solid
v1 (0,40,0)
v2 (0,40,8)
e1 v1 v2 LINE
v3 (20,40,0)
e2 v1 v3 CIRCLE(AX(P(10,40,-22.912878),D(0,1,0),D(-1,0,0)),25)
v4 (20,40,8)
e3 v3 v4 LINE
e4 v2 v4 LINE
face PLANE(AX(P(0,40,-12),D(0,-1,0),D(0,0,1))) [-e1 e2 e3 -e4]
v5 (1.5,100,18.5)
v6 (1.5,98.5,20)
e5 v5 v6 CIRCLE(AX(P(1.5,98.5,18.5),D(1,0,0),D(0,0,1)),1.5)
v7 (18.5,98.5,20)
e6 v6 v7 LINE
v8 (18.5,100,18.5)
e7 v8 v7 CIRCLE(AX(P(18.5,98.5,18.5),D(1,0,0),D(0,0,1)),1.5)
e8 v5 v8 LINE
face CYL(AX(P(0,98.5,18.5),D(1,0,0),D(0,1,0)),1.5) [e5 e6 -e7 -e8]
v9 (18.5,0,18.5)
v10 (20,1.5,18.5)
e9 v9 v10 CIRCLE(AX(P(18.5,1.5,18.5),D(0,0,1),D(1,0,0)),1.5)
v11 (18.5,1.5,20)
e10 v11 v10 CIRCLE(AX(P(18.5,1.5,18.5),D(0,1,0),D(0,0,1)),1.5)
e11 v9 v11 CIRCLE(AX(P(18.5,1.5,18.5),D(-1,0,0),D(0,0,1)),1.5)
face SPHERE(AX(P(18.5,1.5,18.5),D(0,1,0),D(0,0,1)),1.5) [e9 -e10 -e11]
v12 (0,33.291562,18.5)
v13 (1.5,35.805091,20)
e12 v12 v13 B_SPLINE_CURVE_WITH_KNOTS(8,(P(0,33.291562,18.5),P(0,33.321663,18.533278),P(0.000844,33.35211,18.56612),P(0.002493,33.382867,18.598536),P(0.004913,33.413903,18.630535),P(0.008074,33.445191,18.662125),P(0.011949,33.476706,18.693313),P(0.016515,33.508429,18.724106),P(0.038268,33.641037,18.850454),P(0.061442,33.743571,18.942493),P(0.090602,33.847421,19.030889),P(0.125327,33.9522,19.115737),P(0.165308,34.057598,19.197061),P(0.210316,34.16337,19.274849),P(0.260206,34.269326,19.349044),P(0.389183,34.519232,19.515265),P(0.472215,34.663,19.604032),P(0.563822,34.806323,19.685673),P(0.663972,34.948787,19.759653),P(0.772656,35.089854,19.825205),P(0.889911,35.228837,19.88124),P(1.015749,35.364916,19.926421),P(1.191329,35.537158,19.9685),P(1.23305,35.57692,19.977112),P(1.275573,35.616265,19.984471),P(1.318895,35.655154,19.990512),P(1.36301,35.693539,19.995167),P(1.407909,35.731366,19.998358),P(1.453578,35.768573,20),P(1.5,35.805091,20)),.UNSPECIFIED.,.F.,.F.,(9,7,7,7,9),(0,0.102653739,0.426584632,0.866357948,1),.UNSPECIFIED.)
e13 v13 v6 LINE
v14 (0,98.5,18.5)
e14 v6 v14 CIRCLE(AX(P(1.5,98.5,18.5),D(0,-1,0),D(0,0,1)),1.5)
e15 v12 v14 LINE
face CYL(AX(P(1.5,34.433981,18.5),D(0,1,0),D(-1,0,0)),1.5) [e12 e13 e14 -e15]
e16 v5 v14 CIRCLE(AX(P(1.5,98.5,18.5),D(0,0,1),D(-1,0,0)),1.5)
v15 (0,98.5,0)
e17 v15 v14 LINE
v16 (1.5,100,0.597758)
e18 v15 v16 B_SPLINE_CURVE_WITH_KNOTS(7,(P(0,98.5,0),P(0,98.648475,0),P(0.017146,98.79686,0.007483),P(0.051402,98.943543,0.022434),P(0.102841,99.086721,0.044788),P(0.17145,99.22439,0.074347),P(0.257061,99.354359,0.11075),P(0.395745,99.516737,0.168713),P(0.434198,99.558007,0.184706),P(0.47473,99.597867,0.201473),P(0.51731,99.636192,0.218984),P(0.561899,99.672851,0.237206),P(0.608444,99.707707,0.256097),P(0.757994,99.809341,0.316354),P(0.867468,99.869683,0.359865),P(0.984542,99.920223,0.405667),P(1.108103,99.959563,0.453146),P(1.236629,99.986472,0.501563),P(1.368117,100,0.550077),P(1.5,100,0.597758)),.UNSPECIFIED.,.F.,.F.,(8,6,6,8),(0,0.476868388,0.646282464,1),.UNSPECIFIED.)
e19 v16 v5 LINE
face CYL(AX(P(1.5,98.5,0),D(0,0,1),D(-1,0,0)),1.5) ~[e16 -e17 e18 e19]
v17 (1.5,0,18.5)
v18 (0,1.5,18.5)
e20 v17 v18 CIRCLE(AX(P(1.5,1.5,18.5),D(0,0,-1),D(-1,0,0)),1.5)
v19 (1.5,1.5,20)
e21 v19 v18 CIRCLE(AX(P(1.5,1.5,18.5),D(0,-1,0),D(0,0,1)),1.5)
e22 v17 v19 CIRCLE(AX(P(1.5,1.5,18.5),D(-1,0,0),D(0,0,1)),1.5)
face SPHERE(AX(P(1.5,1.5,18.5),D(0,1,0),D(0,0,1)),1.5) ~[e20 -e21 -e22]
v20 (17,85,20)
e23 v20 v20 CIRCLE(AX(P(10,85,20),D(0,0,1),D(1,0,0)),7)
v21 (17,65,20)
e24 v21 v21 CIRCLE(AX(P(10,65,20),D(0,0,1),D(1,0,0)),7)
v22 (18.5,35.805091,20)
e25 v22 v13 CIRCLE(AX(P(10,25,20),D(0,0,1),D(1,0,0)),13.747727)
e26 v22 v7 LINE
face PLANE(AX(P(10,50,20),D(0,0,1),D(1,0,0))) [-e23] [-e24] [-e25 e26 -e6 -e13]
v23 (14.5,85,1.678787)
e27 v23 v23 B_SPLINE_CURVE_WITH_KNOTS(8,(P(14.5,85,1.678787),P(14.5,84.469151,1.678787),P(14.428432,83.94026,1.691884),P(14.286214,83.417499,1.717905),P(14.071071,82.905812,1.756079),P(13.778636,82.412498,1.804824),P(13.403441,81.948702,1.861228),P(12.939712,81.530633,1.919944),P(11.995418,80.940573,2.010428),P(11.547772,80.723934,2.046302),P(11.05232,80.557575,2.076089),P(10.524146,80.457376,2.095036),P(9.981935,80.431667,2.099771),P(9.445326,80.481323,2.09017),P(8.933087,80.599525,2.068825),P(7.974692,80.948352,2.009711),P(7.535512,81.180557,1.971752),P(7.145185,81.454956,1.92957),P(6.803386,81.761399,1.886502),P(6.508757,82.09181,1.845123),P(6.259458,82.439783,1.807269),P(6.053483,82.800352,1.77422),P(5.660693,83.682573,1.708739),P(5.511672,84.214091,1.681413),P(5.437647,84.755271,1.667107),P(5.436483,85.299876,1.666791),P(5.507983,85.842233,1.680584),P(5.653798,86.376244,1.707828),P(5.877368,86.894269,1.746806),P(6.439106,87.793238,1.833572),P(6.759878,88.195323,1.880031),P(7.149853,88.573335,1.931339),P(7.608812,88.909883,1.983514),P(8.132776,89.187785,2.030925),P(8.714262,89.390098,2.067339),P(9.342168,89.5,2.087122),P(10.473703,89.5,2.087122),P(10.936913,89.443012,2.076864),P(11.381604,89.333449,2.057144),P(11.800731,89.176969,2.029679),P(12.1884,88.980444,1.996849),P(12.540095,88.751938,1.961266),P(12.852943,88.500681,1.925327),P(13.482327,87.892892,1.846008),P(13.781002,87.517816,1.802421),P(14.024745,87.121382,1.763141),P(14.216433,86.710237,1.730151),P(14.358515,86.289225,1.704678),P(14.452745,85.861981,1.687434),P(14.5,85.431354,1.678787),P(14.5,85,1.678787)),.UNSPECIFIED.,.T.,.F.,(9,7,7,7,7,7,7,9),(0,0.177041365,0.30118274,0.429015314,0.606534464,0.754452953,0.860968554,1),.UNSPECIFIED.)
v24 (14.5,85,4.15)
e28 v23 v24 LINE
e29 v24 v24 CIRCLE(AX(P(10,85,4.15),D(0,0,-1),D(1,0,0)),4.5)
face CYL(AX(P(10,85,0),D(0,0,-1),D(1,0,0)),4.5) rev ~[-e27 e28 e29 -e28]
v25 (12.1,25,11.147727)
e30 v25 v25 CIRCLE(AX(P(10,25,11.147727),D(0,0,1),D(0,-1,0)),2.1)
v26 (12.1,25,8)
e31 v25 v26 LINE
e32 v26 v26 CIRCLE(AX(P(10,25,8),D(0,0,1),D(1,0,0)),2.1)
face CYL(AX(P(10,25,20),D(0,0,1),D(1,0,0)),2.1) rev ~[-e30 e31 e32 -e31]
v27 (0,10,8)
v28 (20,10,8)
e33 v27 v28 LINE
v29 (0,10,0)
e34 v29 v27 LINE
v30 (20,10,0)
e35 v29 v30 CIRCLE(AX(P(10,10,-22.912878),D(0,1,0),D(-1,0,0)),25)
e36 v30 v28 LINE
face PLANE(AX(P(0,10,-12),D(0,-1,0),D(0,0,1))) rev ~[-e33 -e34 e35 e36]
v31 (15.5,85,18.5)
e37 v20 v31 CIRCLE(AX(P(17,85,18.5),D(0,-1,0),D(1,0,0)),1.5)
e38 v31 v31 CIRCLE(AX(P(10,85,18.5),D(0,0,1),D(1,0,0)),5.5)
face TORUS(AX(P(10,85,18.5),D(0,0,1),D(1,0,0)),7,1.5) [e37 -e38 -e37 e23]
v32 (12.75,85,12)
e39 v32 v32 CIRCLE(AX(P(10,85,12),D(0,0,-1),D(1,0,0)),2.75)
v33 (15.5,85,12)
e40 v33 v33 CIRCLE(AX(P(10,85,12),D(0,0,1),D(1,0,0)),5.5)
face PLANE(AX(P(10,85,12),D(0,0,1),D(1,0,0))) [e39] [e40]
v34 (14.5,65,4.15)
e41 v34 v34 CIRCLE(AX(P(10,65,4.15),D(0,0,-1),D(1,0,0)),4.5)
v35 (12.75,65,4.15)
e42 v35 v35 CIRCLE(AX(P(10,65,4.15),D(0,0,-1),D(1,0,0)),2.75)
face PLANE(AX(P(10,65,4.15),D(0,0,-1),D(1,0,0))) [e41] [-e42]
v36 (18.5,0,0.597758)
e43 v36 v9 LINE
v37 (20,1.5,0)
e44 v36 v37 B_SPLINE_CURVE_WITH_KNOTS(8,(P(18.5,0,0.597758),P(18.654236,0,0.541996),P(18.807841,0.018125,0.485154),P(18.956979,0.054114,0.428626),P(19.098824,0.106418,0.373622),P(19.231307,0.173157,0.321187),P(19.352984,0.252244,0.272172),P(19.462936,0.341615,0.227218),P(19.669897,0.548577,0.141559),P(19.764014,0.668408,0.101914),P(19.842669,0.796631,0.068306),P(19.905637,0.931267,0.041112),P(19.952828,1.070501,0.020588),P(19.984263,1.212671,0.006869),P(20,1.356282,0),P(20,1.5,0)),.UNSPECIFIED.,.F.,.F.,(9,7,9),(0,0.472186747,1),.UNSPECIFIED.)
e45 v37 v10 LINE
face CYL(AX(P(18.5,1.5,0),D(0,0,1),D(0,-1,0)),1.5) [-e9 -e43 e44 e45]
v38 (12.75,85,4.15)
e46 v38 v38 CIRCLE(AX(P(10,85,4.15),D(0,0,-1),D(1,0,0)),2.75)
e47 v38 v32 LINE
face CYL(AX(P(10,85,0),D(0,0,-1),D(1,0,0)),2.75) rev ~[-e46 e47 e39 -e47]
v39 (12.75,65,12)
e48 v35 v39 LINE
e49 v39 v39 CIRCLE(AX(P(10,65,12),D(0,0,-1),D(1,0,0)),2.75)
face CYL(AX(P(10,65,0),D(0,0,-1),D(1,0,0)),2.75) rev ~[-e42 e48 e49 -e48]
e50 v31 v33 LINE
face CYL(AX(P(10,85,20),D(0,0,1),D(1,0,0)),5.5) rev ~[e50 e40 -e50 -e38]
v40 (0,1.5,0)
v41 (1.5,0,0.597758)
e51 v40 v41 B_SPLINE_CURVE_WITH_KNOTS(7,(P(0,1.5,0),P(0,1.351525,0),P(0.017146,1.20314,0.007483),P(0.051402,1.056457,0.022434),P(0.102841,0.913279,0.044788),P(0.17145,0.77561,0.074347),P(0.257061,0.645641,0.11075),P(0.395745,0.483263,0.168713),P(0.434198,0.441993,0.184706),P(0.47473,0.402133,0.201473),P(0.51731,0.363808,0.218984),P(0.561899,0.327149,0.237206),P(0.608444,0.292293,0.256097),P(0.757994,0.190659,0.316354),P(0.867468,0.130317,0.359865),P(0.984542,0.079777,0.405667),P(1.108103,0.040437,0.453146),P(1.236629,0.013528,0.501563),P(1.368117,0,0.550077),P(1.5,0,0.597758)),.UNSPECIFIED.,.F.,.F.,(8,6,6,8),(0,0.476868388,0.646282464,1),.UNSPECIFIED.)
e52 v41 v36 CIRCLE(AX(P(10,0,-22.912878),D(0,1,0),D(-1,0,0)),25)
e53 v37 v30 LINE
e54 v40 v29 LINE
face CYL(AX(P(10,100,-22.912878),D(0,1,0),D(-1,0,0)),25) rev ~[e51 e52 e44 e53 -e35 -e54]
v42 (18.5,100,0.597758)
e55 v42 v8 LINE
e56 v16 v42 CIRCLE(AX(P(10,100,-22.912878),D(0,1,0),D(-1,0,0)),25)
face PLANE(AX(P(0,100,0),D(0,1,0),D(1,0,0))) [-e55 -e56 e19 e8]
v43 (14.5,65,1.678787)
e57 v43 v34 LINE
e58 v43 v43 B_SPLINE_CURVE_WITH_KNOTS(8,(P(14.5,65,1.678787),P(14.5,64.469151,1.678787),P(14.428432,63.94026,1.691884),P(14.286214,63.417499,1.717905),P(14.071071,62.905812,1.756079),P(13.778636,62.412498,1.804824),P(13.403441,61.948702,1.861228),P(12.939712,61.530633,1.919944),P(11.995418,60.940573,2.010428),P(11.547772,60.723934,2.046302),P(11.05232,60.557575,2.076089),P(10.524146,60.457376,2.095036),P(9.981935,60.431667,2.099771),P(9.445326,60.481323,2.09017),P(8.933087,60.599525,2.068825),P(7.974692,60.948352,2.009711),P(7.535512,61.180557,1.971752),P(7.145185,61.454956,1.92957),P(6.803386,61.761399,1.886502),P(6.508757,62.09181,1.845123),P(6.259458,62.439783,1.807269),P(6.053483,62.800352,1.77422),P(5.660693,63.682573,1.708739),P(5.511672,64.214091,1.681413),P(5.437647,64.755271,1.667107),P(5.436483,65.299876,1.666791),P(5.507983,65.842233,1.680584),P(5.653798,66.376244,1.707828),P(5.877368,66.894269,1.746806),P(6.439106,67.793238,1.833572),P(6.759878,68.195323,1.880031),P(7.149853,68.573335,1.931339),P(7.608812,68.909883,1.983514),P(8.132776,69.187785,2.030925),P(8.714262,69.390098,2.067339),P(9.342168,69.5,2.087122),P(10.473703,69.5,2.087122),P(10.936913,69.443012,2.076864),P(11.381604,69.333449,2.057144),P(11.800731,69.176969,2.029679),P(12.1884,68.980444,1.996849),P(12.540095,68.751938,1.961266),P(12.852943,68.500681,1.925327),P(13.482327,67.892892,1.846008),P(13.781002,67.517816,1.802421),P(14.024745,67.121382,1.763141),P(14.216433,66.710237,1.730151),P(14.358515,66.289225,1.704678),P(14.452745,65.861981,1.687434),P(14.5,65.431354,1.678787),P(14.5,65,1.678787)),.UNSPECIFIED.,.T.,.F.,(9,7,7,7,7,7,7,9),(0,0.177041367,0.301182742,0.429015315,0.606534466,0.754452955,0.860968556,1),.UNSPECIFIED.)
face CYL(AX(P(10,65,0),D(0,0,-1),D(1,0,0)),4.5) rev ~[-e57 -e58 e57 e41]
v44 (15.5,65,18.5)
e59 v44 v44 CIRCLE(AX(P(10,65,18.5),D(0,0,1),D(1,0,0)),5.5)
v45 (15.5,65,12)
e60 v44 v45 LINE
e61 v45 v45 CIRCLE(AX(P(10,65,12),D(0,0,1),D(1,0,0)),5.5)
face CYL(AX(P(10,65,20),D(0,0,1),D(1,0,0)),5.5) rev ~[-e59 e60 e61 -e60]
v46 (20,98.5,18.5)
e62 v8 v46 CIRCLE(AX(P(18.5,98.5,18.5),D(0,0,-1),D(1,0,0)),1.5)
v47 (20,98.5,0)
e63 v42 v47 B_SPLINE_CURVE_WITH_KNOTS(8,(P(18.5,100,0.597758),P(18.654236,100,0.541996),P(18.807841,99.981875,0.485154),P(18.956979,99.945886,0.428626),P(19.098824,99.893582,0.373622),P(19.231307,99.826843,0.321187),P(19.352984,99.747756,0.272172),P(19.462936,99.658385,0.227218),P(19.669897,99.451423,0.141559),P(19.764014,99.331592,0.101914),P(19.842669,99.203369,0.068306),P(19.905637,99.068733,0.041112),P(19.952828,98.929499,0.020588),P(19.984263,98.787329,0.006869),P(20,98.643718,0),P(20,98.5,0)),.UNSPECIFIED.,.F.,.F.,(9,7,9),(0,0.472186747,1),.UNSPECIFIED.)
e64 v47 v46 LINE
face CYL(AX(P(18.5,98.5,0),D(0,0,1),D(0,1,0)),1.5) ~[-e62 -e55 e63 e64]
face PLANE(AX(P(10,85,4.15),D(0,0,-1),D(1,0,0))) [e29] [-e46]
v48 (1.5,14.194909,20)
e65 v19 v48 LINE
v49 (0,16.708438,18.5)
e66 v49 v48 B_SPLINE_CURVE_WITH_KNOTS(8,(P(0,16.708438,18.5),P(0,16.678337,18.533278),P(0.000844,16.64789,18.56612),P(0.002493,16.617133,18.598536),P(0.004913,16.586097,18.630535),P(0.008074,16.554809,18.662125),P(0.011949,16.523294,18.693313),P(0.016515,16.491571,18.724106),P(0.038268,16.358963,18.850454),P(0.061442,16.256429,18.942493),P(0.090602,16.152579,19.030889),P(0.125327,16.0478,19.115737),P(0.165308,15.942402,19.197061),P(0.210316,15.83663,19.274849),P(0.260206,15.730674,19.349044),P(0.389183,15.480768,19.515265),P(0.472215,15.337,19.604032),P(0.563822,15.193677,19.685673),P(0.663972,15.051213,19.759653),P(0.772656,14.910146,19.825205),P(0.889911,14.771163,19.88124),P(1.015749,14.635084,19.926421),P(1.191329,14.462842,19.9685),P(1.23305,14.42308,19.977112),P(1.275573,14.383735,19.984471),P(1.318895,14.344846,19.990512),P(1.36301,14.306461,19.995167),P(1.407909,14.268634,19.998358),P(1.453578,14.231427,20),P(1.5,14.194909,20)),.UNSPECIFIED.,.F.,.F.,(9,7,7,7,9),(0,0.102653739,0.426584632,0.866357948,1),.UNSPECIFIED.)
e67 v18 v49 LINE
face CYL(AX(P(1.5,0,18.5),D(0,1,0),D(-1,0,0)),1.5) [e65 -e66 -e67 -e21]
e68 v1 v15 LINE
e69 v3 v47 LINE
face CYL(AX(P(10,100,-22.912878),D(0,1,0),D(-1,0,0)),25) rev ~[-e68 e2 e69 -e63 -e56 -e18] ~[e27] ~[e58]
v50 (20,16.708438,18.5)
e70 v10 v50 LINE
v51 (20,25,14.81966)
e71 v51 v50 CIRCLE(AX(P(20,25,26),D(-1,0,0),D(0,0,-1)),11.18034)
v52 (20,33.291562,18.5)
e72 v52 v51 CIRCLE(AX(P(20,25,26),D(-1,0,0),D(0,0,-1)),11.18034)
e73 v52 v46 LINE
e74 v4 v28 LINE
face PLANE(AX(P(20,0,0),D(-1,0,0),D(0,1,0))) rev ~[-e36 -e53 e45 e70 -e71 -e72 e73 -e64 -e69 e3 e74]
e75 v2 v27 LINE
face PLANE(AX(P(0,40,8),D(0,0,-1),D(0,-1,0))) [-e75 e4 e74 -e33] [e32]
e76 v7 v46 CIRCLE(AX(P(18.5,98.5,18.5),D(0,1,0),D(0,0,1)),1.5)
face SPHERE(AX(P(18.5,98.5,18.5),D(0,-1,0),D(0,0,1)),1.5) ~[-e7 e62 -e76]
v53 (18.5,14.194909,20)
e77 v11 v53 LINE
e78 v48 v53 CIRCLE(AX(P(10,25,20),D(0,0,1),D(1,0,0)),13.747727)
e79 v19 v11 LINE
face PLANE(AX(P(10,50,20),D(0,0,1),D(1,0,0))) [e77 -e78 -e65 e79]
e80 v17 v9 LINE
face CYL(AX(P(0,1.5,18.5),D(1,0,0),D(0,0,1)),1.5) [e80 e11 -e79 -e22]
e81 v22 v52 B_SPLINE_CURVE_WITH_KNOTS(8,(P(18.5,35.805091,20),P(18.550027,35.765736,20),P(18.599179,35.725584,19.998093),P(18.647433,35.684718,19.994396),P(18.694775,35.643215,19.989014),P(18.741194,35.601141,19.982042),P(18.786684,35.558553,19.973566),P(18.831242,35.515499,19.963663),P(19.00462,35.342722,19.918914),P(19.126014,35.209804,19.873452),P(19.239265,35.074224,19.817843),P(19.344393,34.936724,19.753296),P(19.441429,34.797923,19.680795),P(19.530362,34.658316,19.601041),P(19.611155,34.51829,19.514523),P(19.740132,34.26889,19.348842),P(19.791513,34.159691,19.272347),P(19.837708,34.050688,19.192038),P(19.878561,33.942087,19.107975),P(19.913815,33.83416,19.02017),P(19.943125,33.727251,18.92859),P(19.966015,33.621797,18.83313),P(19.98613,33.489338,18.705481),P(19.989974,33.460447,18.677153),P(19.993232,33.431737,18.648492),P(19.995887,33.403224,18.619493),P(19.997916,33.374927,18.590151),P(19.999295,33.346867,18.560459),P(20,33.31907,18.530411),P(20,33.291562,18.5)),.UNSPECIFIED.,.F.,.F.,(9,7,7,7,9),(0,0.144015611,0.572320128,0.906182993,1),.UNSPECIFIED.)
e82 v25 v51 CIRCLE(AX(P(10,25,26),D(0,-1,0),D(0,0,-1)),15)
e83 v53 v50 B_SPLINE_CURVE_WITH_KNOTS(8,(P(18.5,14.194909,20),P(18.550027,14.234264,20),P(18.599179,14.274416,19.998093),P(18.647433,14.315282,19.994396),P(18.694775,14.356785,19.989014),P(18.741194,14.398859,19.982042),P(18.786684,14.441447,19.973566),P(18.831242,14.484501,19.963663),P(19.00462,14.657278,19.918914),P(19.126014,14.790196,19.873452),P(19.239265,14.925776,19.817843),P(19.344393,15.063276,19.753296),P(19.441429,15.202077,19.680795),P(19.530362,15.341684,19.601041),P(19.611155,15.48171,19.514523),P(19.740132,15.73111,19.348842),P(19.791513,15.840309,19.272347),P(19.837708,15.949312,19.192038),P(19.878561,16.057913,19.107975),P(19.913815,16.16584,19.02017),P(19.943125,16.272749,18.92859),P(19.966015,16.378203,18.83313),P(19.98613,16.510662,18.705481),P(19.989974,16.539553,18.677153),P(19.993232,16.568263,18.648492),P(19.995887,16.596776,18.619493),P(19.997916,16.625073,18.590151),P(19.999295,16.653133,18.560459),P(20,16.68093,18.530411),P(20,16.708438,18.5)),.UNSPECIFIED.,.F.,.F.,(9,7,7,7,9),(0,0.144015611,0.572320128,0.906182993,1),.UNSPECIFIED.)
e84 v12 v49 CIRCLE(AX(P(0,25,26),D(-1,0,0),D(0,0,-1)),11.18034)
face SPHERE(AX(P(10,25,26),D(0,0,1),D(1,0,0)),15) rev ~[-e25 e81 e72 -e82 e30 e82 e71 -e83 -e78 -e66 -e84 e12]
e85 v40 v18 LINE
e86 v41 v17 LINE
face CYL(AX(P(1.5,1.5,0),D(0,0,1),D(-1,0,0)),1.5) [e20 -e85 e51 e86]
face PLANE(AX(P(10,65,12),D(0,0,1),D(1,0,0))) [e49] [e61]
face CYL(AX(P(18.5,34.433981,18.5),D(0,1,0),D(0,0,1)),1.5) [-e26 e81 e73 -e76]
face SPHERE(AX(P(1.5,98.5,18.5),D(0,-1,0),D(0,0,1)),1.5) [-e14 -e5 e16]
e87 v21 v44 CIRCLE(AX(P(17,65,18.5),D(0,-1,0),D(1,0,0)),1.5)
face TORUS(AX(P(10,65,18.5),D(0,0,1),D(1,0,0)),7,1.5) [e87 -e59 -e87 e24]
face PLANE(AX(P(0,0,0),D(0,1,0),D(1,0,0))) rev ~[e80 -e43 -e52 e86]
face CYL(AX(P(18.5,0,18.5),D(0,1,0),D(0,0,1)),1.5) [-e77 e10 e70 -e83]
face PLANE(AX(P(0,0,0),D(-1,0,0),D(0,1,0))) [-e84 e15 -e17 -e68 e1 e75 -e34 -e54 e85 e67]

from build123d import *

# Parameters (mm, degrees)
BOX_W           = 20
BOX_H           = 100
BOX_DEPTH       = 20
SKETCH007_R     = 2.75
POCKET003_DEPTH = 20
SKETCH009_R     = 4.5
POCKET004_DEPTH = 4.15
SKETCH008_R     = 25
POCKET005_DEPTH = 100.001
SKETCH_W        = 30
SKETCH_H        = 20
POCKET_DEPTH    = 20.001
SKETCH010_R     = 2.1
POCKET006_DEPTH = 20.001
SKETCH011_R     = 5.5
POCKET007_DEPTH = 8
FILLET_R        = 1.5


with BuildPart() as part:
    # Box → Box (new body)
    with BuildSketch(Plane(origin=(-10, 0, -8), x_dir=(1, 0, 0), z_dir=(0, 0, 1))):
        with Locations((10, 50)):
            Rectangle(BOX_W, BOX_H)
    extrude(amount=BOX_DEPTH)

    # Sketch007 (on Face5 of Box) → Pocket003 (cut)
    with BuildSketch(Plane(origin=(-10, 0, -8), x_dir=(1, 0, 0), z_dir=(0, 0, -1))):
        with Locations((10, -65)):
            Circle(SKETCH007_R)
        with Locations((10, -85)):
            Circle(SKETCH007_R)
    extrude(amount=-POCKET003_DEPTH, mode=Mode.SUBTRACT)

    # Sketch009 (on Face5 of Pocket003) → Pocket004 (cut)
    with BuildSketch(Plane(origin=(-10, 0, -8), x_dir=(1, 0, 0), z_dir=(0, 0, -1))):
        with Locations((10, -85)):
            Circle(SKETCH009_R)
        with Locations((10, -65)):
            Circle(SKETCH009_R)
    extrude(amount=-POCKET004_DEPTH, mode=Mode.SUBTRACT)

    # Sketch008 (on Face4 of Pocket004) → Pocket005 (cut, through all)
    with BuildSketch(Plane(origin=(-10, 100, -8), x_dir=(-1, 0, 0), z_dir=(0, 1, 0))):
        with Locations((-10, -22.912878)):
            Circle(SKETCH008_R)
    extrude(amount=-POCKET005_DEPTH, mode=Mode.SUBTRACT)


with BuildPart() as part_1:
    # BaseFeature placement: moved
    add(part.part.moved(Location((10, 0, 8))))

    # Sketch (on Face1 of BaseFeature) → Pocket (cut, through all)
    with BuildSketch(Plane(origin=(0, 0, 0), x_dir=(0, -1, 0), z_dir=(-1, 0, 0))):
        with Locations((-25, -2)):
            Rectangle(SKETCH_W, SKETCH_H)
    extrude(amount=-POCKET_DEPTH, mode=Mode.SUBTRACT)

    # Sketch010 (on Face2 of Pocket) → Pocket006 (cut, through all)
    with BuildSketch(Plane.XY.offset(20)):
        with Locations((10, 25)):
            Circle(SKETCH010_R)
    extrude(amount=-POCKET006_DEPTH, mode=Mode.SUBTRACT)

    # Sketch011 (on Face2 of Pocket006) → Pocket007 (cut)
    with BuildSketch(Plane.XY.offset(20)):
        with Locations((10, 85)):
            Circle(SKETCH011_R)
        with Locations((10, 65)):
            Circle(SKETCH011_R)
    extrude(amount=-POCKET007_DEPTH, mode=Mode.SUBTRACT)

    # Sphere → Sphere (revolve, cut)
    with BuildSketch(Plane(origin=(10, 25, 26), x_dir=(1, 0, 0), z_dir=(0, -1, 0))):
        with BuildLine():
            ThreePointArc((0, -15), (15, 0), (0, 15))
            Line((0, 15), (0, -15))
        make_face()
    revolve(axis=Axis((10, 25, 26), (0, 0, 1)), mode=Mode.SUBTRACT)

    # Fillet
    fillet_edges = [part_1.edges().sort_by_distance(p)[0] for p in [
        (20, 67.216991, 20),
        (0, 67.216991, 20),
        (10, 100, 20),
        (0, 7.783009, 20),
        (20, 7.783009, 20),
        (10, 0, 20),
        (0, 0, 10),
        (0, 100, 10),
        (20, 100, 10),
        (20, 0, 10),
        (4.5, 65, 20),
        (4.5, 85, 20),
    ]]
    fillet(fillet_edges, radius=FILLET_R)


solid = part_1.part
